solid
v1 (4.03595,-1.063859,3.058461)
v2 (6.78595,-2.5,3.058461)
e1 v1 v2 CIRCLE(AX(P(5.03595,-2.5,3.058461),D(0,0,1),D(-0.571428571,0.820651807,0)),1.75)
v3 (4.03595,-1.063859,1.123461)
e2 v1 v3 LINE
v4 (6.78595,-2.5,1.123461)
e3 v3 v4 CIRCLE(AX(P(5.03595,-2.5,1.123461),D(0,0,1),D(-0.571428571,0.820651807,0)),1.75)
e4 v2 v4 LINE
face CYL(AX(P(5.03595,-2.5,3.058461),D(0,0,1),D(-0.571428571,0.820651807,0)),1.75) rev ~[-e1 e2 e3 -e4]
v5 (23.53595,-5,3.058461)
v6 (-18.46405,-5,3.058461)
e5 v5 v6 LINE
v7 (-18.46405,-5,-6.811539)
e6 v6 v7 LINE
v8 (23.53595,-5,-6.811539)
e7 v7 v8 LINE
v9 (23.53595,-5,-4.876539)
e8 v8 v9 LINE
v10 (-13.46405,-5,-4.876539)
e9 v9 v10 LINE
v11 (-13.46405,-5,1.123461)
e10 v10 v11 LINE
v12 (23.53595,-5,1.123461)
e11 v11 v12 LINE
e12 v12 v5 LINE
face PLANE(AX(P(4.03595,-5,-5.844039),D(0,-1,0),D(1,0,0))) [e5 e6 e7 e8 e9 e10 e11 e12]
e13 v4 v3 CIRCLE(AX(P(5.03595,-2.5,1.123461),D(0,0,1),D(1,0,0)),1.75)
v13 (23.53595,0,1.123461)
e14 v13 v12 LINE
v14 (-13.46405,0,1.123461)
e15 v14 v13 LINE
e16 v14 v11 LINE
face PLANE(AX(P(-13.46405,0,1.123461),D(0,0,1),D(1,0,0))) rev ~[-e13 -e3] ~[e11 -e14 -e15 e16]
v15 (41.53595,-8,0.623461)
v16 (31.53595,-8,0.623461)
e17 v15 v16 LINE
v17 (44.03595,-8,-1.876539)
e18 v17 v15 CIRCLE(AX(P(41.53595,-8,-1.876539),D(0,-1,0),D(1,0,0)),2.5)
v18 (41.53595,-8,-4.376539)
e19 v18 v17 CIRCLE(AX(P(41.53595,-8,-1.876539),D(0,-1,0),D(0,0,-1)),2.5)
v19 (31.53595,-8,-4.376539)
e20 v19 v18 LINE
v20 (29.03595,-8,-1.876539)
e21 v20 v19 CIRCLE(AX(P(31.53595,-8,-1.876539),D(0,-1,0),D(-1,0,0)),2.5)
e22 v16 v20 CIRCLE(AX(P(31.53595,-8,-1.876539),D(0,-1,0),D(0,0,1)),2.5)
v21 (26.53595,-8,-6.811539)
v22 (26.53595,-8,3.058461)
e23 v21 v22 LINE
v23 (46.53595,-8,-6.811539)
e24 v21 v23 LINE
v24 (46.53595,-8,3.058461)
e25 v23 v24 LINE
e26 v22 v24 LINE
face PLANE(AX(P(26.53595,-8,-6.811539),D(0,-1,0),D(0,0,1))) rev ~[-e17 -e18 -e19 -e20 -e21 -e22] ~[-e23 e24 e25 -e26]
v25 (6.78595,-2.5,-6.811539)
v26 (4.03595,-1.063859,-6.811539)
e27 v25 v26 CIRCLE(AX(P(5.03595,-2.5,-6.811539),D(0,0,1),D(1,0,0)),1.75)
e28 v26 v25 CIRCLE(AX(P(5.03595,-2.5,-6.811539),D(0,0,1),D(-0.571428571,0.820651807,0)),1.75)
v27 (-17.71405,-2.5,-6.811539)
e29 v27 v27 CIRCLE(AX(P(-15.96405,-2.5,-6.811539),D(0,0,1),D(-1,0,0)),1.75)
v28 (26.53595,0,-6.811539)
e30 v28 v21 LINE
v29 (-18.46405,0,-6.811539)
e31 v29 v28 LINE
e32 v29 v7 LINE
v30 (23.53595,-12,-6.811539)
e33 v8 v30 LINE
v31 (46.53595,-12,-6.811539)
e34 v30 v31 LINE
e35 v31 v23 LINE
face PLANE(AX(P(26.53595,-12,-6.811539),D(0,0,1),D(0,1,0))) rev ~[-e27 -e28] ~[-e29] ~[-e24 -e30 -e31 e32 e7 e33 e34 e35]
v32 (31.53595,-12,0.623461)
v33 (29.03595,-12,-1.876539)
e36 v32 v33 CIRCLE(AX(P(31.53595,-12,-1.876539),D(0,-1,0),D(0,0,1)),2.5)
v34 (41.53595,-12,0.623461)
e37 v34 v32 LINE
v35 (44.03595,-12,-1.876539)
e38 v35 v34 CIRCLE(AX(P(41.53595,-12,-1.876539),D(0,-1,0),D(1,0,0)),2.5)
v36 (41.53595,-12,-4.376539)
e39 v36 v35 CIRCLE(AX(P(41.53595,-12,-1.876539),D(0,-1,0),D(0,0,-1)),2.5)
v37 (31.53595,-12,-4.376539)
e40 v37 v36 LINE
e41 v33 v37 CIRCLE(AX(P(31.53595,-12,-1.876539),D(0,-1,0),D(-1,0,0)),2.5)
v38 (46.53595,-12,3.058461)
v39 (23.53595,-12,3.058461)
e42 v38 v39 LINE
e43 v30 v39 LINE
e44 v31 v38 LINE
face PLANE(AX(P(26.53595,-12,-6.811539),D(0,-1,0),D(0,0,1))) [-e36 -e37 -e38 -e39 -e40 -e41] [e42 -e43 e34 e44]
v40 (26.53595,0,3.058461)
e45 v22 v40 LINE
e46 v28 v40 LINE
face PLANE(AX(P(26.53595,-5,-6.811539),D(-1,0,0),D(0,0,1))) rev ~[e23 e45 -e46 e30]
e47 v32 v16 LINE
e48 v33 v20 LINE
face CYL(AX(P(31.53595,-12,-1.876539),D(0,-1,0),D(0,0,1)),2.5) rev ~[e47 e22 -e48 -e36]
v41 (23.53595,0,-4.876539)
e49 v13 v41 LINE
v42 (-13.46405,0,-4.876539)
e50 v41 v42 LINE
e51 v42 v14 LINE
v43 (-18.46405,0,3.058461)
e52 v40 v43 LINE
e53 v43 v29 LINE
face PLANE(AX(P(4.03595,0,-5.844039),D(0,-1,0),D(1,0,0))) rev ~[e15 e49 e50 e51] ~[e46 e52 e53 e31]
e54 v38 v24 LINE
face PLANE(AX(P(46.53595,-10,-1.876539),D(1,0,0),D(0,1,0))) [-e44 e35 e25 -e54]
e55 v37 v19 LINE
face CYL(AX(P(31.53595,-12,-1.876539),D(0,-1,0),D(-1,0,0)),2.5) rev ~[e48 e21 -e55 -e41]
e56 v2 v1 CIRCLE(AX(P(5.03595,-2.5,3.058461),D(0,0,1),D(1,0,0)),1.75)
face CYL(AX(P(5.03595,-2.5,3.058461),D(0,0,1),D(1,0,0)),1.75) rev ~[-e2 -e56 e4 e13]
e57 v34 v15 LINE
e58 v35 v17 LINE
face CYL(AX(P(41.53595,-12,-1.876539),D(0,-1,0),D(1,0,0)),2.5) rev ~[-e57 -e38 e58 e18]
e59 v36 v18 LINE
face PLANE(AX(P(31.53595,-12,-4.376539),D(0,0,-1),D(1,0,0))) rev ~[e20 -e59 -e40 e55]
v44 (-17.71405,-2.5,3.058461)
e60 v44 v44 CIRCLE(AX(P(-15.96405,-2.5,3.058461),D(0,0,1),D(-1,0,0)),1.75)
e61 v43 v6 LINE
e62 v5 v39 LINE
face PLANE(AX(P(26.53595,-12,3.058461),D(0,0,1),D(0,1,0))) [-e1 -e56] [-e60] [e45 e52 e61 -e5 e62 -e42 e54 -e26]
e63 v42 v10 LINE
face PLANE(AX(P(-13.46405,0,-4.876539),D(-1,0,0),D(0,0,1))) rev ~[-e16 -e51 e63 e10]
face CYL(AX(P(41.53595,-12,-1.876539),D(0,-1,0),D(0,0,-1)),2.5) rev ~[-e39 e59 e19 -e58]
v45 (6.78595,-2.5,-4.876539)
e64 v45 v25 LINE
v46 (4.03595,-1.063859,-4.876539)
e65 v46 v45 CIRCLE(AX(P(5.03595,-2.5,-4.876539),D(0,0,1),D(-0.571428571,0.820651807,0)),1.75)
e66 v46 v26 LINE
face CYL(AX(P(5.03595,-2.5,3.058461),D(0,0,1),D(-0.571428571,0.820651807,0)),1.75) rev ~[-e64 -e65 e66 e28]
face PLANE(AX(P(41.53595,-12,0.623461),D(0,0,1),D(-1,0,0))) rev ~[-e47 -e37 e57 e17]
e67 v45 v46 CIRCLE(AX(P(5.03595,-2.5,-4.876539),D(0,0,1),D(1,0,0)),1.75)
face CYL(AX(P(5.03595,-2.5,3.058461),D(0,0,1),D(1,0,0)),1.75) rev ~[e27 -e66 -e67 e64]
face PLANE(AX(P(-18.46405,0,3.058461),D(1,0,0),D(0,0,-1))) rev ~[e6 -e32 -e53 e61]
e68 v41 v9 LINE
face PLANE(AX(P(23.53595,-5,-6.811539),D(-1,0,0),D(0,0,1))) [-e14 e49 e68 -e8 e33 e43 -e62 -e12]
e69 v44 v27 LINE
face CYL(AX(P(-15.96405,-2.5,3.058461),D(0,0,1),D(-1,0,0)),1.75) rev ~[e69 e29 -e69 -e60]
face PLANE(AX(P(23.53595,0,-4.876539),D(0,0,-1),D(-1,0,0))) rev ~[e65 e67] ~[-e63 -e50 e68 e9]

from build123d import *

# Parameters (mm, degrees)
F0_W     = 3
F0_H     = 3
F1_DEPTH = 5
F3_DEPTH = 25
F4_W     = 3
F4_H     = 9.87
F5_DEPTH = 7
F6_W     = 4
F6_H     = 9.87
F7_DEPTH = 20
F9_DEPTH = 25


with BuildPart() as f1:
    # F0 (on Front) → F1 (new body)
    with BuildSketch(Plane.XZ):
        Polygon((-18.4640498906, -4.8765387449), (-18.4640498906, -6.8115387449), (26.5359501094, -6.8115387449), (26.5359501094, -4.8765387449), (23.5359501094, -4.8765387449), (-13.4640498906, -4.8765387449), align=None)
        Polygon((-18.4640498906, 3.0584612551), (-18.4640498906, -4.8765387449), (-13.4640498906, -4.8765387449), (-13.4640498906, 1.1234612551), (-1.7127114115, 1.1234612551), (23.5359501094, 1.1234612551), (26.5359501094, 1.1234612551), (26.5359501094, 3.0584612551), align=None)
        with Locations((25.0359501094, -3.3765387449)):
            Rectangle(F0_W, F0_H)
        with Locations((25.0359501094, -0.3765387449)):
            Rectangle(F0_W, F0_H)
    extrude(amount=F1_DEPTH)

    # F2 (on face) → F3 (cut)
    with BuildSketch(Plane.XY.offset(3.0584612551)):
        with BuildLine():
            ThreePointArc((-14.2140498906, -2.5), (-15.9640498906, -0.75), (-17.7140498906, -2.5))
            ThreePointArc((-17.7140498906, -2.5), (-15.9640498906, -4.25), (-14.2140498906, -2.5))
        make_face()
        with BuildLine():
            ThreePointArc((6.7859501094, -2.5), (5.8460426967, -0.9487907943), (4.0359501094, -1.0638593384))
            ThreePointArc((4.0359501094, -1.0638593384), (4.2258575221, -4.0512092057), (6.7859501094, -2.5))
        make_face()
    extrude(amount=-F3_DEPTH, mode=Mode.SUBTRACT)

    # F4 (on face) → F5 (join)
    with BuildSketch(Plane.XZ.offset(5)):
        with Locations((25.0359501094, -1.8765387449)):
            Rectangle(F4_W, F4_H)
    extrude(amount=F5_DEPTH)

    # F6 (on face) → F7 (join)
    with BuildSketch(Plane.YZ.offset(26.5359501094)):
        with Locations((-10, -1.8765387449)):
            Rectangle(F6_W, F6_H)
    extrude(amount=F7_DEPTH)

    # F8 (on face) → F9 (cut)
    with BuildSketch(Plane.XZ.offset(12)):
        with BuildLine():
            ThreePointArc((31.5359501094, 0.6234612551), (29.7681831564, -0.1087717919), (29.0359501094, -1.8765387449))
            Line((29.0359501094, -1.8765387449), (31.5359501094, -1.8765387449))
            Line((31.5359501094, -1.8765387449), (41.5359501094, -1.8765387449))
            Line((41.5359501094, -1.8765387449), (44.0359501094, -1.8765387449))
            ThreePointArc((44.0359501094, -1.8765387449), (43.3037170623, -0.1087717919), (41.5359501094, 0.6234612551))
            Line((41.5359501094, 0.6234612551), (31.5359501094, 0.6234612551))
        make_face()
        with BuildLine():
            Line((31.5359501094, -1.8765387449), (29.0359501094, -1.8765387449))
            ThreePointArc((29.0359501094, -1.8765387449), (29.7681831564, -3.6443056978), (31.5359501094, -4.3765387449))
            Line((31.5359501094, -4.3765387449), (41.5359501094, -4.3765387449))
            ThreePointArc((41.5359501094, -4.3765387449), (43.3037170623, -3.6443056978), (44.0359501094, -1.8765387449))
            Line((44.0359501094, -1.8765387449), (41.5359501094, -1.8765387449))
            Line((41.5359501094, -1.8765387449), (31.5359501094, -1.8765387449))
        make_face()
    extrude(amount=-F9_DEPTH, mode=Mode.SUBTRACT)


solid = f1.part
